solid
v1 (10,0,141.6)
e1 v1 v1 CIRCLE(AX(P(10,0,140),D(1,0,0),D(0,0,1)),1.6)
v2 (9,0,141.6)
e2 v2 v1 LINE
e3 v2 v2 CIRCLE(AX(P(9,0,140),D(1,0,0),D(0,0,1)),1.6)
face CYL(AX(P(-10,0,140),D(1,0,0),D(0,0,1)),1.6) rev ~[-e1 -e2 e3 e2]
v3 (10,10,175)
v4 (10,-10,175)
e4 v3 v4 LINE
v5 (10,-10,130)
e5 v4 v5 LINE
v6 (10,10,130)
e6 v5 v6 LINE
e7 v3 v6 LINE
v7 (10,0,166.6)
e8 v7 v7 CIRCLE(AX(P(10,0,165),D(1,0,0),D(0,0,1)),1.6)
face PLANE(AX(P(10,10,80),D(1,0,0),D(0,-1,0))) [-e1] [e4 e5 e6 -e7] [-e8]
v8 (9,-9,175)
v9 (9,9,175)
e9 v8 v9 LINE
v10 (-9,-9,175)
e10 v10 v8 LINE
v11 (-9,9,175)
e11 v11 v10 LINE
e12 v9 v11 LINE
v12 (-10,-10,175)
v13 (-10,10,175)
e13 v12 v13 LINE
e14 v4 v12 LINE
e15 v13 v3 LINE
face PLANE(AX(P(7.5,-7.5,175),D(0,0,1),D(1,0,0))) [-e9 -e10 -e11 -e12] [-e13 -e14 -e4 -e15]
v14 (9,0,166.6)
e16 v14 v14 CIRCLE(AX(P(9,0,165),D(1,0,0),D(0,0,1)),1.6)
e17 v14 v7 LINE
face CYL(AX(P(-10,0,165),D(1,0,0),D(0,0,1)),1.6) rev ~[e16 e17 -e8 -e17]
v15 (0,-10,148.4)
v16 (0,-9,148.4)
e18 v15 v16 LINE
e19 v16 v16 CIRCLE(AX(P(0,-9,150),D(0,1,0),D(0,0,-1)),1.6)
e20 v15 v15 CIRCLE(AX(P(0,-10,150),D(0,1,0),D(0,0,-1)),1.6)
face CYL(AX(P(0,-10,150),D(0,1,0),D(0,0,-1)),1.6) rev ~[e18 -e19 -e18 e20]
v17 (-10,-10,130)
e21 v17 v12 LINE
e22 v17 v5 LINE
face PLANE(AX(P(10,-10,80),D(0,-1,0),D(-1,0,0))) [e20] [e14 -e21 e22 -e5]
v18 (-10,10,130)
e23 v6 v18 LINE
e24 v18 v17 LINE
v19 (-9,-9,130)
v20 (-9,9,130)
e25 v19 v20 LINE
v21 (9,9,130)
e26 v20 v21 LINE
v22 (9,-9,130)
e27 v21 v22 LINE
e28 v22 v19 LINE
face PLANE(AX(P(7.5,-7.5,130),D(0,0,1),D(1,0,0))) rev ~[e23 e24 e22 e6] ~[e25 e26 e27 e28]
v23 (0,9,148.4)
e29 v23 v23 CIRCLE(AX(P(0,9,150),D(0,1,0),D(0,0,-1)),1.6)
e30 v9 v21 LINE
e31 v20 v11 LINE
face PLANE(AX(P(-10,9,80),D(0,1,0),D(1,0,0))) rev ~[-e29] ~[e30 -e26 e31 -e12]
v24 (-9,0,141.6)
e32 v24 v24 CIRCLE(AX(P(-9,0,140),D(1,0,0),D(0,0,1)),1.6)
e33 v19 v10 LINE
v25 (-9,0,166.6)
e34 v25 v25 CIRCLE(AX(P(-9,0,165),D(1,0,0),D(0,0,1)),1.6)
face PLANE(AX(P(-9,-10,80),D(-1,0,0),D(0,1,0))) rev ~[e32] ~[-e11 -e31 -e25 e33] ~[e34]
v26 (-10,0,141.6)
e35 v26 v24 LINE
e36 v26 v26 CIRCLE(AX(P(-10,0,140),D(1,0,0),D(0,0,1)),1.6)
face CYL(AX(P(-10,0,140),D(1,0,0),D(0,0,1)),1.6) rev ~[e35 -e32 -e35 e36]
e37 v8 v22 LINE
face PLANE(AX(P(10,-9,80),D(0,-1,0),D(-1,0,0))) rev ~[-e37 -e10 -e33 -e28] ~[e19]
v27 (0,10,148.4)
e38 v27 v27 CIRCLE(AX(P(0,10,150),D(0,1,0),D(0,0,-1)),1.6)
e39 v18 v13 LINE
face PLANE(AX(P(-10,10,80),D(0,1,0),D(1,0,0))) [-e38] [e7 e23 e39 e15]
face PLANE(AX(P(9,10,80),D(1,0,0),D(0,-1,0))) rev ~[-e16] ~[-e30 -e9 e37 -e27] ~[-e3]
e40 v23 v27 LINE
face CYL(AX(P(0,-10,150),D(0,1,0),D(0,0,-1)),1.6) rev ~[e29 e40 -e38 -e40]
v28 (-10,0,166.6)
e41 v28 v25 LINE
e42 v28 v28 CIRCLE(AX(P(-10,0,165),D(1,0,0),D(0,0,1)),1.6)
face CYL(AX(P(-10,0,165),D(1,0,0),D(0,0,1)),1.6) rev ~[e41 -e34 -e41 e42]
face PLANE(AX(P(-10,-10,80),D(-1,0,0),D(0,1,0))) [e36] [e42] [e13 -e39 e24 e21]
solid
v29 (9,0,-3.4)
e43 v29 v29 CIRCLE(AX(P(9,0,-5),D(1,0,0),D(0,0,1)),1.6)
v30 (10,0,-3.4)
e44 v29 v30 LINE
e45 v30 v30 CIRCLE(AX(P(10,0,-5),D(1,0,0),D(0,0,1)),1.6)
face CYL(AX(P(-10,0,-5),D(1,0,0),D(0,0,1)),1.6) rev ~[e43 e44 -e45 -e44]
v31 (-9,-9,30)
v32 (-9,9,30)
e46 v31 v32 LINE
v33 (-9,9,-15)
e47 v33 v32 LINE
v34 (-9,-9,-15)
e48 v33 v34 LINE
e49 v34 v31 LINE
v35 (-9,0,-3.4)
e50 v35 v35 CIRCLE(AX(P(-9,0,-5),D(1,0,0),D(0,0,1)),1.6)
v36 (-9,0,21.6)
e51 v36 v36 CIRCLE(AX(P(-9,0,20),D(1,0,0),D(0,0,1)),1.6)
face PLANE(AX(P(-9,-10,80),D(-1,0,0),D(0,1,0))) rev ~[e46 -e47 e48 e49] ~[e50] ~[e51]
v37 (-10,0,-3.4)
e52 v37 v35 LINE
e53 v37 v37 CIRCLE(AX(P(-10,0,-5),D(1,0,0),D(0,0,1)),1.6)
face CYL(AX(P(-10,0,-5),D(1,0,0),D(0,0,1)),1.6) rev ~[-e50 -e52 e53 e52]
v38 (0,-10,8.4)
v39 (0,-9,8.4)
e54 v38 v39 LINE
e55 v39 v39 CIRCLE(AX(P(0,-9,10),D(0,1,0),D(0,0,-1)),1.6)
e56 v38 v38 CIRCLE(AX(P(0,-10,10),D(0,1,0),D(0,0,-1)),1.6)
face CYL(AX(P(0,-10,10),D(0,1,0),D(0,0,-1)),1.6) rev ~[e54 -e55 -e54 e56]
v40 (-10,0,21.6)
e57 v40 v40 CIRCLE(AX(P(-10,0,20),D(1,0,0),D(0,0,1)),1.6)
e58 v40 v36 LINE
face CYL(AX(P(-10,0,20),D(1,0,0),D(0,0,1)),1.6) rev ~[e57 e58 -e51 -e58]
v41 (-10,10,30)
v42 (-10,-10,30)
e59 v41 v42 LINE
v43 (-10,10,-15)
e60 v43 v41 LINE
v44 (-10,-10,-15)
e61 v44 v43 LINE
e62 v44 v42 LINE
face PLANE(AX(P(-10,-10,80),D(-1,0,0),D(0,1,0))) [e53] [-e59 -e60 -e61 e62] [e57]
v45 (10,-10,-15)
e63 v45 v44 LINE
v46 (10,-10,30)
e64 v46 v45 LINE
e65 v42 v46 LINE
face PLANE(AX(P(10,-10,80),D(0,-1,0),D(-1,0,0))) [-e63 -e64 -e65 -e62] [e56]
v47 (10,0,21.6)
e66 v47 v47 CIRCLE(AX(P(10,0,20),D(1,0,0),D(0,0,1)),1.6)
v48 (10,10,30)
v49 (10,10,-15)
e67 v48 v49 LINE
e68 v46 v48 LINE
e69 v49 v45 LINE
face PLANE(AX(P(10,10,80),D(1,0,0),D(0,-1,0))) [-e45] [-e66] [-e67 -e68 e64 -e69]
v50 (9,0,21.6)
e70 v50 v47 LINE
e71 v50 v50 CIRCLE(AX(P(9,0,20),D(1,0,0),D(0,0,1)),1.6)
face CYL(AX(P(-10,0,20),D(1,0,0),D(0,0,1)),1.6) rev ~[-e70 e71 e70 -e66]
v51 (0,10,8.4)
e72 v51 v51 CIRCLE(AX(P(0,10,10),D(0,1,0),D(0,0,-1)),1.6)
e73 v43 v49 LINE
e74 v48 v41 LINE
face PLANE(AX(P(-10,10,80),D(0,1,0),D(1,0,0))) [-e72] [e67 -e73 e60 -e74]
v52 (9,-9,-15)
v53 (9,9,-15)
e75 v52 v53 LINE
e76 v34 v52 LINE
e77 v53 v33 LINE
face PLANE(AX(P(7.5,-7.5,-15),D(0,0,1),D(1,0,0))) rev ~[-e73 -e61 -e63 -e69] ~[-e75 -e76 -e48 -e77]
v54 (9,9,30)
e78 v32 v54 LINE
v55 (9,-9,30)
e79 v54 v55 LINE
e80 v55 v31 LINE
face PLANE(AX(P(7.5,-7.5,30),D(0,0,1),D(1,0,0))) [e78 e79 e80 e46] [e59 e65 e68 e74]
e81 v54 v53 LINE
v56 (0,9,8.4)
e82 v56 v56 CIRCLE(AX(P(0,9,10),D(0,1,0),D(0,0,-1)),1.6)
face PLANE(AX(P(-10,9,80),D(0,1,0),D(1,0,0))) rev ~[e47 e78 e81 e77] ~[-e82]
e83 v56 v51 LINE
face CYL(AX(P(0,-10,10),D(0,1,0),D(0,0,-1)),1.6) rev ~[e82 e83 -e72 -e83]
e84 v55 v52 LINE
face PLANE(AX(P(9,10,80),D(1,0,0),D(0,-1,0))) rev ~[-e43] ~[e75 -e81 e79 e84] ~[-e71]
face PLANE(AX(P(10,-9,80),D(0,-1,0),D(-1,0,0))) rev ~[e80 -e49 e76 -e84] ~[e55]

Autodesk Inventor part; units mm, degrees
ref_plane "YZ Plane" through (0, 0, 0) normal (1, 0, 0) x (0, 1, 0)
ref_plane "XZ Plane" through (0, 0, 0) normal (0, 1, 0) x (-1, 0, 0)
ref_plane "XY Plane" through (0, 0, 0) normal (0, 0, 1) x (1, 0, 0)
ref_plane "作業平面2" through (7.5, -7.5, 160) normal (1, 0, 0) x (0, 0, -1)
ref_plane "作業平面1" through (7.5, -7.5, 80) normal (0, 0, 1) x (1, 0, 0)
sketch "スケッチ2" plane through (7.5, -7.5, 80) normal (0, 0, 1) x (1, 0, 0)
  line L0 (-17.5, 17.5) -> (2.5, 17.5)
  line L1 (2.5, 17.5) -> (2.5, -2.5)
  line L2 (2.5, -2.5) -> (-17.5, -2.5)
  line L3 (-17.5, -2.5) -> (-17.5, 17.5)
  line L4 (-17.5, 17.5) -> (2.5, -2.5) construction
  line L5 (2.5, 17.5) -> (-17.5, -2.5) construction
  point P0 (-7.5, 7.5)
  dimension "d4" = 20
  dimension "d5" = 20
extrude "押し出し2" add sketch "スケッチ2" along normal mid plane 190
shell "シェル1" thickness 1 removed faces 2 at (3.3333, -3.3333, 175) at (-3.3333, 3.3333, -15)
ref_plane "作業平面3" through (-7.5, -7.5, -15) normal (-1, 0, 0) x (0, 0, 1)
sketch "スケッチ3" plane through (-10, -7.5, -15) normal (-1, 0, 0) x (0, 0, 1)
  line L0 (155, 7.5) -> (35, 7.5)
  line L1 (190, -2.5) -> (0, -2.5) projected
  line L2 (190, 17.5) -> (190, -2.5) projected
  point P0 (95, -2.5)
  point P1 (95, 7.5)
  point P2 (190, 7.5)
  dimension "d38" = 120
hole "穴1" at (-10, 0, 140) at (-10, 0, 20) direction (1, 0, 0) diameter 3.2 end through all
ref_plane "作業平面4" through (-7.5, -7.5, -15) normal (0, -1, 0) x (1, 0, 0)
sketch "スケッチ4" plane through (-7.5, -10, -15) normal (0, -1, 0) x (1, 0, 0)
  line L0 (17.5, 190) -> (17.5, 0) projected
  line L1 (-2.5, 190) -> (17.5, 190) projected
  line L2 (-2.5, 190) -> (-2.5, 0) projected
  line L3 (17.5, 0) -> (-2.5, 0) projected
  line L4 (7.5, 165) -> (7.5, 25)
  line L5 (17.5, 190) -> (17.5, 0) projected
  line L6 (-2.5, 190) -> (17.5, 190) projected
  point P0 (17.5, 95)
  point P1 (7.5, 95)
  point P2 (7.5, 190)
  dimension "d39" = 140
hole "穴2" at (0, -10, 150) at (0, -10, 10) direction (0, 1, 0) diameter 3.2 end through all
sketch "スケッチ5" plane through (7.5, -7.5, 80) normal (0, 0, 1) x (1, 0, 0)
  line L0 (2.5, 17.5) -> (-17.5, 17.5)
  line L1 (-17.5, 17.5) -> (-17.5, -2.5)
  line L2 (-17.5, -2.5) -> (2.5, -2.5)
  line L3 (2.5, -2.5) -> (2.5, 17.5)
  line L4 (2.5, 17.5) -> (-17.5, -2.5) construction
  line L5 (-17.5, 17.5) -> (2.5, -2.5) construction
  point P0 (-7.5, 7.5)
  dimension "d25" = 20
  dimension "d26" = 20
extrude "押し出し3" cut sketch "スケッチ5" along normal mid plane 100
ref_plane "作業平面5" through (-7.5, -7.5, 175) normal (-1, 0, 0) x (0, 0, 1)
sketch "スケッチ6" plane through (-10, -7.5, 175) normal (-1, 0, 0) x (0, 0, 1)
  line L0 (-45, 17.5) -> (-45, -2.5) projected
  line L1 (0, -2.5) -> (-45, -2.5) projected
  line L2 (0, 17.5) -> (0, -2.5) projected
  line L3 (-45, 17.5) -> (0, 17.5) projected
  circle A0 centre (-35, 7.5) radius 1.6 projected
  circle A1 centre (-155, 7.5) radius 1.6 projected
  line L4 (-145, -2.5) -> (-145, 17.5) projected
  line L5 (-190, 17.5) -> (-145, 17.5) projected
  line L6 (-190, -2.5) -> (-190, 17.5) projected
  line L7 (-145, -2.5) -> (-190, -2.5) projected
  line L8 (-10, 7.5) -> (-180, 7.5)
  line L9 (0, 17.5) -> (0, -2.5) projected
  line L10 (-190, -2.5) -> (-190, 17.5) projected
  point P0 (0, 7.5)
  dimension "d40" = 10
  dimension "d41" = 10
hole "穴3" at (-10, 0, 165) at (-10, 0, -5) direction (1, 0, 0) diameter 3.2 end through all
equation "\"d5\" = d4"
equation "\"d26\" = d25"
properties part number "ロボベース□15"
